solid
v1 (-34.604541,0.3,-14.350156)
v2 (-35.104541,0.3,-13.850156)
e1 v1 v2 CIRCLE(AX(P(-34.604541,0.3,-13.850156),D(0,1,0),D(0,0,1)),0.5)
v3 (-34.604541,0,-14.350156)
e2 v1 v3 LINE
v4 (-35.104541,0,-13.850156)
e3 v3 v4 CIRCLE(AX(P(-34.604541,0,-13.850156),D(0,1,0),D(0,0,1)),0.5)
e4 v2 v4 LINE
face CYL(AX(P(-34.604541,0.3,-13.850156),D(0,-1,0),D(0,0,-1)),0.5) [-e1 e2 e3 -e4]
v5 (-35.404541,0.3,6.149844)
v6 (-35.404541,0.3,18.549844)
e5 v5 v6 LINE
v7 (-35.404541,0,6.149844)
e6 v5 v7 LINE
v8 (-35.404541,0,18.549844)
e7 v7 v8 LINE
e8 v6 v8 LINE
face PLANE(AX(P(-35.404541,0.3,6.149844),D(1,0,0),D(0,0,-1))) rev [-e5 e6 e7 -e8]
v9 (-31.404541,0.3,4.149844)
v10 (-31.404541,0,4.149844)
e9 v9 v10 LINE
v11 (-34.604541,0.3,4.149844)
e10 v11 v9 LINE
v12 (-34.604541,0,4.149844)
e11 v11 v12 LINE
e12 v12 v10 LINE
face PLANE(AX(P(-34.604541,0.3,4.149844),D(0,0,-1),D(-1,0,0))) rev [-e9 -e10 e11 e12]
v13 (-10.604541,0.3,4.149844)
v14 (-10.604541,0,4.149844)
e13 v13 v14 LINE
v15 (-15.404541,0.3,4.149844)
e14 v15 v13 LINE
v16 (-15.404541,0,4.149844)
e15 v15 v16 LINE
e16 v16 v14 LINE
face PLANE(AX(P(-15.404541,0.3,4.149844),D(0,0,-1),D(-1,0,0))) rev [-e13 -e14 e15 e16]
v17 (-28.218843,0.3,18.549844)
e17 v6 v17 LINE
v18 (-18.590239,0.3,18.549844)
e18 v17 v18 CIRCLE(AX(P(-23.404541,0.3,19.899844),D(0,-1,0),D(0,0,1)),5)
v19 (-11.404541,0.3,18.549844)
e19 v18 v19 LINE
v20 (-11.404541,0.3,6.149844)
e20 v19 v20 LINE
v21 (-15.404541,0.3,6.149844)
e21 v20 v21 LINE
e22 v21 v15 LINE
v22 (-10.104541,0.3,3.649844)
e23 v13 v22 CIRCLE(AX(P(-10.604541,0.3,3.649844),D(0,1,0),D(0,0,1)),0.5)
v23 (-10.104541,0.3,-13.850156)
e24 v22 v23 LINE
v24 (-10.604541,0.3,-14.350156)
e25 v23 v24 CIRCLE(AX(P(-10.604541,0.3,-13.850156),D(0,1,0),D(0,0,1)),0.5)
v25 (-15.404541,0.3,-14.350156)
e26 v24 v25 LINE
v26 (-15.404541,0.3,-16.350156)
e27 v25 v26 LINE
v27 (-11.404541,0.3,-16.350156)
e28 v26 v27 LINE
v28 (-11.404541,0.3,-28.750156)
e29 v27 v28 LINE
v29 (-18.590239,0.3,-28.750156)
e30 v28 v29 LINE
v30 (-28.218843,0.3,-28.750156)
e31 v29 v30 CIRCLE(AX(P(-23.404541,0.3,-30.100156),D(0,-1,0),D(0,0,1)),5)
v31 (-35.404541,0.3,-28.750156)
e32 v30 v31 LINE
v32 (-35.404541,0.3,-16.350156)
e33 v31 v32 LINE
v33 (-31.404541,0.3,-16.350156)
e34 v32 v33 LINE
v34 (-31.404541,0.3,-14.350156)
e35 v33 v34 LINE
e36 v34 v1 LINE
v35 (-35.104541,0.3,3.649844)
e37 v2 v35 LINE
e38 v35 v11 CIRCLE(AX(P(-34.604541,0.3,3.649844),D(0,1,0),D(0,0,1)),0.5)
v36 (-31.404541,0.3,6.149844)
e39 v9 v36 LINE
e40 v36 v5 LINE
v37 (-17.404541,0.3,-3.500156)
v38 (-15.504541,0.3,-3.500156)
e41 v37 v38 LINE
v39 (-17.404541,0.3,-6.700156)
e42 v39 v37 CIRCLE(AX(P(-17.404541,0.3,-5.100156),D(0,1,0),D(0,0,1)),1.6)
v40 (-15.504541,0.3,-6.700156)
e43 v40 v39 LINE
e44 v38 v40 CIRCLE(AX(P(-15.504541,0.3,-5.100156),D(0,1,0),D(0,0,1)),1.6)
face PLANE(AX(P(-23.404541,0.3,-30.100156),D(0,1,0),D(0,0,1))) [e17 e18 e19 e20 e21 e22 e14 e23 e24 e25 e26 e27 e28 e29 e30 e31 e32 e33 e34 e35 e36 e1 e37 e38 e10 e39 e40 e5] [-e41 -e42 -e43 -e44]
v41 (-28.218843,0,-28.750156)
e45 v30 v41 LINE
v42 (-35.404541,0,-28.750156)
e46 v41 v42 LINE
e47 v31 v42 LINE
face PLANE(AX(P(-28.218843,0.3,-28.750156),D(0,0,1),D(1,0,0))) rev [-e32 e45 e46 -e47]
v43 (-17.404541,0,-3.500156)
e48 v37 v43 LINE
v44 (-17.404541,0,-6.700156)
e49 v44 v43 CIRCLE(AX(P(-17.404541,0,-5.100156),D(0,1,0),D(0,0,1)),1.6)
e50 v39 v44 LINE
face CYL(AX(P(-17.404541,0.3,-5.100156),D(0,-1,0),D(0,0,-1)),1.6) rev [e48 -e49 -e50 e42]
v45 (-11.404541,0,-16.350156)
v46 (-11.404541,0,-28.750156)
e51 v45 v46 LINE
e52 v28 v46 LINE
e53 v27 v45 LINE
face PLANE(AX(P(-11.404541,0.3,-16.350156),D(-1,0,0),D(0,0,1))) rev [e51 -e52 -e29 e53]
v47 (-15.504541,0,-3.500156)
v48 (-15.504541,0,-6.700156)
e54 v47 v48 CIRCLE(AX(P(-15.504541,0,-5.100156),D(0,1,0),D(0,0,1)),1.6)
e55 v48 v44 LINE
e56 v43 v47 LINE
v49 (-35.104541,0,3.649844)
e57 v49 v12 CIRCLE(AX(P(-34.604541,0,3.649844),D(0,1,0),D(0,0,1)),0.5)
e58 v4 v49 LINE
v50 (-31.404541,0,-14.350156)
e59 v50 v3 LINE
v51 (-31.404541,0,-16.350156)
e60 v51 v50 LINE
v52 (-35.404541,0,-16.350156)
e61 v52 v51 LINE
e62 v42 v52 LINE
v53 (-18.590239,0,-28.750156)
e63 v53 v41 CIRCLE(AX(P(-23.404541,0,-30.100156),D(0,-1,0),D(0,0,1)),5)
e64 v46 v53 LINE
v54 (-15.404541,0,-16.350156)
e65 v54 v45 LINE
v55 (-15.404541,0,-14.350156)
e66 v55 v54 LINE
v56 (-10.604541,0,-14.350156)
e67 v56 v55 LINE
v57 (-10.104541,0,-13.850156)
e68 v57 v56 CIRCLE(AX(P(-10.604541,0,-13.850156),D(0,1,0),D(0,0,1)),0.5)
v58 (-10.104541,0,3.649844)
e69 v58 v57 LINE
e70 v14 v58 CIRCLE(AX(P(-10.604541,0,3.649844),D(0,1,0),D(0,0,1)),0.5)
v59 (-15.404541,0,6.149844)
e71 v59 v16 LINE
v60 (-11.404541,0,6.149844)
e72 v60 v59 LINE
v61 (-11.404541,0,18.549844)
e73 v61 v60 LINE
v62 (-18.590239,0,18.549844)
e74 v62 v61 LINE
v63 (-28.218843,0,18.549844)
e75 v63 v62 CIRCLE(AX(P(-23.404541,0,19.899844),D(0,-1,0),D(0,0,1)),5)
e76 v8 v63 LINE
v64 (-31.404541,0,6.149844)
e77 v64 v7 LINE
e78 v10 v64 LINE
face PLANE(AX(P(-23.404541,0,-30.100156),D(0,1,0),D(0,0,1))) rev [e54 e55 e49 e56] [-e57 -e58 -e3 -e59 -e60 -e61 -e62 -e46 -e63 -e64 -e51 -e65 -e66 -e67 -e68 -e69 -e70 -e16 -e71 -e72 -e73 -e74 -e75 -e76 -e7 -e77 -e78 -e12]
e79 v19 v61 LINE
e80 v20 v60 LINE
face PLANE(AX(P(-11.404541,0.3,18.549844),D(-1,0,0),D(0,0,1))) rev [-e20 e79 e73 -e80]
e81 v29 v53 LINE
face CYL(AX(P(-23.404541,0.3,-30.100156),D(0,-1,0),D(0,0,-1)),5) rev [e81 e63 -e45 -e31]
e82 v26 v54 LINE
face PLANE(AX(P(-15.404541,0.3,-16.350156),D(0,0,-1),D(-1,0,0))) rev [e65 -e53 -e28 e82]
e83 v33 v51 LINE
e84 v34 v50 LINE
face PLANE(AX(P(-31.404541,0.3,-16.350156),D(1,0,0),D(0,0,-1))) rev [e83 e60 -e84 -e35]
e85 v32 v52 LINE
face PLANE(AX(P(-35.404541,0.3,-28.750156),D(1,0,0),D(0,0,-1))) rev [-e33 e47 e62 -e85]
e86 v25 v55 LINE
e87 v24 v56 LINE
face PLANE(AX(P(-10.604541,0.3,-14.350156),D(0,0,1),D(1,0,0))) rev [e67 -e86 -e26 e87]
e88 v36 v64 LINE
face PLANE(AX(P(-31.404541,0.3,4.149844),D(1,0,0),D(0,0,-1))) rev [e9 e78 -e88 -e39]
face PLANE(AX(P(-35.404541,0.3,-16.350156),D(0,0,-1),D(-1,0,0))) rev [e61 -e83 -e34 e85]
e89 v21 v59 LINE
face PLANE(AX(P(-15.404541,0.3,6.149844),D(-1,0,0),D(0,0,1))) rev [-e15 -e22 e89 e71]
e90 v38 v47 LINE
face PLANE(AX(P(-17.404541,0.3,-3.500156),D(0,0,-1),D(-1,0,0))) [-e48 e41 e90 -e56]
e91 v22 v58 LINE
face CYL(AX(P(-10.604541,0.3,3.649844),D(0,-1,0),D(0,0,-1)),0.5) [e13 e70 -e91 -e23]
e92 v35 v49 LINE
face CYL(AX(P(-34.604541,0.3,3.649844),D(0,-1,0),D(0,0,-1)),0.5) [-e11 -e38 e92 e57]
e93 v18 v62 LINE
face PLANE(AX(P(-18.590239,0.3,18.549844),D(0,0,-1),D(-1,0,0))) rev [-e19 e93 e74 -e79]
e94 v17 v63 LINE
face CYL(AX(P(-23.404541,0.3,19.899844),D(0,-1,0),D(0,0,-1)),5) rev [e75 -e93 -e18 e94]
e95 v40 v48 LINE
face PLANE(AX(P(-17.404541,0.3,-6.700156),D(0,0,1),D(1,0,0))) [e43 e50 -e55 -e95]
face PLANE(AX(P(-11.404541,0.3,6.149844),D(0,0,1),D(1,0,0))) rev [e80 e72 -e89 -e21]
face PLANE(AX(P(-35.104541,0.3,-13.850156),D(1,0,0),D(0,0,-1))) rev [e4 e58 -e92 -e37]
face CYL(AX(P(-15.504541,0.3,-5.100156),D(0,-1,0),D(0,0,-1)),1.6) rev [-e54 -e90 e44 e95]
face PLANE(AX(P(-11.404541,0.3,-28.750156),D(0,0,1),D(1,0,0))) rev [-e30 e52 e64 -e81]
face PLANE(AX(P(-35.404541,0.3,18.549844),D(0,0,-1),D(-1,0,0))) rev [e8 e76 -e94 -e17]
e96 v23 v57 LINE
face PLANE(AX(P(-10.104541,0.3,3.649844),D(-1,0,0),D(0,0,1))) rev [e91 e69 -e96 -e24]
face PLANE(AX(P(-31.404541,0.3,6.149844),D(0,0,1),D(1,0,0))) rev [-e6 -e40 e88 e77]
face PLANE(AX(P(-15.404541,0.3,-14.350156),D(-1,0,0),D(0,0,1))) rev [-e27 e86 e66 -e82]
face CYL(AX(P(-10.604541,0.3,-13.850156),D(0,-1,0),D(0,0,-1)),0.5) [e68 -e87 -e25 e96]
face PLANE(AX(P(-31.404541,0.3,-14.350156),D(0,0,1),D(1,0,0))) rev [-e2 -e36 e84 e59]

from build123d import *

# Parameters (mm, degrees)
EXTRUDE_1_DEPTH = 0.3


with BuildPart() as part:
    # Эскиз1 → Бобышка-Вытянуть1 (new body)
    with BuildSketch(Plane(origin=(0, 0, 0), x_dir=(1, 0, 0), z_dir=(0, 1, 0))):
        with BuildLine():
            Line((-11.404541059, 16.350155755), (-11.404541059, 28.750155755))
            Line((-11.404541059, 28.750155755), (-18.590239448, 28.750155755))
            ThreePointArc((-18.590239448, 28.750155755), (-23.404541059, 25.100155755), (-28.218842669, 28.750155755))
            Line((-28.218842669, 28.750155755), (-35.404541059, 28.750155755))
            Line((-35.404541059, 28.750155755), (-35.404541059, 16.350155755))
            Line((-35.404541059, 16.350155755), (-31.404541059, 16.350155755))
            Line((-31.404541059, 16.350155755), (-31.404541059, 14.350155755))
            Line((-31.404541059, 14.350155755), (-34.604541059, 14.350155755))
            ThreePointArc((-34.604541059, 14.350155755), (-34.958094449, 14.203709145), (-35.104541059, 13.850155755))
            Line((-35.104541059, 13.850155755), (-35.104541059, -3.649844245))
            ThreePointArc((-35.104541059, -3.649844245), (-34.958094449, -4.003397636), (-34.604541059, -4.149844245))
            Line((-34.604541059, -4.149844245), (-31.404541059, -4.149844245))
            Line((-31.404541059, -4.149844245), (-31.404541059, -6.149844245))
            Line((-31.404541059, -6.149844245), (-35.404541059, -6.149844245))
            Line((-35.404541059, -6.149844245), (-35.404541059, -18.549844245))
            Line((-35.404541059, -18.549844245), (-28.218842669, -18.549844245))
            ThreePointArc((-28.218842669, -18.549844245), (-23.404541059, -14.899844245), (-18.590239448, -18.549844245))
            Line((-18.590239448, -18.549844245), (-11.404541059, -18.549844245))
            Line((-11.404541059, -18.549844245), (-11.404541059, -6.149844245))
            Line((-11.404541059, -6.149844245), (-15.404541059, -6.149844245))
            Line((-15.404541059, -6.149844245), (-15.404541059, -4.149844245))
            Line((-15.404541059, -4.149844245), (-10.604541059, -4.149844245))
            ThreePointArc((-10.604541059, -4.149844245), (-10.250987668, -4.003397636), (-10.104541059, -3.649844245))
            Line((-10.104541059, -3.649844245), (-10.104541059, 13.850155755))
            ThreePointArc((-10.104541059, 13.850155755), (-10.250987668, 14.203709145), (-10.604541059, 14.350155755))
            Line((-10.604541059, 14.350155755), (-15.404541059, 14.350155755))
            Line((-15.404541059, 14.350155755), (-15.404541059, 16.350155755))
            Line((-15.404541059, 16.350155755), (-11.404541059, 16.350155755))
        make_face()
        with BuildLine():
            Line((-17.404541059, 6.700155755), (-15.504541059, 6.700155755))
            ThreePointArc((-15.504541059, 6.700155755), (-13.904541059, 5.100155755), (-15.504541059, 3.500155755))
            Line((-15.504541059, 3.500155755), (-17.404541059, 3.500155755))
            ThreePointArc((-17.404541059, 3.500155755), (-19.004541059, 5.100155755), (-17.404541059, 6.700155755))
        make_face(mode=Mode.SUBTRACT)
    extrude(amount=EXTRUDE_1_DEPTH)


solid = part.part
